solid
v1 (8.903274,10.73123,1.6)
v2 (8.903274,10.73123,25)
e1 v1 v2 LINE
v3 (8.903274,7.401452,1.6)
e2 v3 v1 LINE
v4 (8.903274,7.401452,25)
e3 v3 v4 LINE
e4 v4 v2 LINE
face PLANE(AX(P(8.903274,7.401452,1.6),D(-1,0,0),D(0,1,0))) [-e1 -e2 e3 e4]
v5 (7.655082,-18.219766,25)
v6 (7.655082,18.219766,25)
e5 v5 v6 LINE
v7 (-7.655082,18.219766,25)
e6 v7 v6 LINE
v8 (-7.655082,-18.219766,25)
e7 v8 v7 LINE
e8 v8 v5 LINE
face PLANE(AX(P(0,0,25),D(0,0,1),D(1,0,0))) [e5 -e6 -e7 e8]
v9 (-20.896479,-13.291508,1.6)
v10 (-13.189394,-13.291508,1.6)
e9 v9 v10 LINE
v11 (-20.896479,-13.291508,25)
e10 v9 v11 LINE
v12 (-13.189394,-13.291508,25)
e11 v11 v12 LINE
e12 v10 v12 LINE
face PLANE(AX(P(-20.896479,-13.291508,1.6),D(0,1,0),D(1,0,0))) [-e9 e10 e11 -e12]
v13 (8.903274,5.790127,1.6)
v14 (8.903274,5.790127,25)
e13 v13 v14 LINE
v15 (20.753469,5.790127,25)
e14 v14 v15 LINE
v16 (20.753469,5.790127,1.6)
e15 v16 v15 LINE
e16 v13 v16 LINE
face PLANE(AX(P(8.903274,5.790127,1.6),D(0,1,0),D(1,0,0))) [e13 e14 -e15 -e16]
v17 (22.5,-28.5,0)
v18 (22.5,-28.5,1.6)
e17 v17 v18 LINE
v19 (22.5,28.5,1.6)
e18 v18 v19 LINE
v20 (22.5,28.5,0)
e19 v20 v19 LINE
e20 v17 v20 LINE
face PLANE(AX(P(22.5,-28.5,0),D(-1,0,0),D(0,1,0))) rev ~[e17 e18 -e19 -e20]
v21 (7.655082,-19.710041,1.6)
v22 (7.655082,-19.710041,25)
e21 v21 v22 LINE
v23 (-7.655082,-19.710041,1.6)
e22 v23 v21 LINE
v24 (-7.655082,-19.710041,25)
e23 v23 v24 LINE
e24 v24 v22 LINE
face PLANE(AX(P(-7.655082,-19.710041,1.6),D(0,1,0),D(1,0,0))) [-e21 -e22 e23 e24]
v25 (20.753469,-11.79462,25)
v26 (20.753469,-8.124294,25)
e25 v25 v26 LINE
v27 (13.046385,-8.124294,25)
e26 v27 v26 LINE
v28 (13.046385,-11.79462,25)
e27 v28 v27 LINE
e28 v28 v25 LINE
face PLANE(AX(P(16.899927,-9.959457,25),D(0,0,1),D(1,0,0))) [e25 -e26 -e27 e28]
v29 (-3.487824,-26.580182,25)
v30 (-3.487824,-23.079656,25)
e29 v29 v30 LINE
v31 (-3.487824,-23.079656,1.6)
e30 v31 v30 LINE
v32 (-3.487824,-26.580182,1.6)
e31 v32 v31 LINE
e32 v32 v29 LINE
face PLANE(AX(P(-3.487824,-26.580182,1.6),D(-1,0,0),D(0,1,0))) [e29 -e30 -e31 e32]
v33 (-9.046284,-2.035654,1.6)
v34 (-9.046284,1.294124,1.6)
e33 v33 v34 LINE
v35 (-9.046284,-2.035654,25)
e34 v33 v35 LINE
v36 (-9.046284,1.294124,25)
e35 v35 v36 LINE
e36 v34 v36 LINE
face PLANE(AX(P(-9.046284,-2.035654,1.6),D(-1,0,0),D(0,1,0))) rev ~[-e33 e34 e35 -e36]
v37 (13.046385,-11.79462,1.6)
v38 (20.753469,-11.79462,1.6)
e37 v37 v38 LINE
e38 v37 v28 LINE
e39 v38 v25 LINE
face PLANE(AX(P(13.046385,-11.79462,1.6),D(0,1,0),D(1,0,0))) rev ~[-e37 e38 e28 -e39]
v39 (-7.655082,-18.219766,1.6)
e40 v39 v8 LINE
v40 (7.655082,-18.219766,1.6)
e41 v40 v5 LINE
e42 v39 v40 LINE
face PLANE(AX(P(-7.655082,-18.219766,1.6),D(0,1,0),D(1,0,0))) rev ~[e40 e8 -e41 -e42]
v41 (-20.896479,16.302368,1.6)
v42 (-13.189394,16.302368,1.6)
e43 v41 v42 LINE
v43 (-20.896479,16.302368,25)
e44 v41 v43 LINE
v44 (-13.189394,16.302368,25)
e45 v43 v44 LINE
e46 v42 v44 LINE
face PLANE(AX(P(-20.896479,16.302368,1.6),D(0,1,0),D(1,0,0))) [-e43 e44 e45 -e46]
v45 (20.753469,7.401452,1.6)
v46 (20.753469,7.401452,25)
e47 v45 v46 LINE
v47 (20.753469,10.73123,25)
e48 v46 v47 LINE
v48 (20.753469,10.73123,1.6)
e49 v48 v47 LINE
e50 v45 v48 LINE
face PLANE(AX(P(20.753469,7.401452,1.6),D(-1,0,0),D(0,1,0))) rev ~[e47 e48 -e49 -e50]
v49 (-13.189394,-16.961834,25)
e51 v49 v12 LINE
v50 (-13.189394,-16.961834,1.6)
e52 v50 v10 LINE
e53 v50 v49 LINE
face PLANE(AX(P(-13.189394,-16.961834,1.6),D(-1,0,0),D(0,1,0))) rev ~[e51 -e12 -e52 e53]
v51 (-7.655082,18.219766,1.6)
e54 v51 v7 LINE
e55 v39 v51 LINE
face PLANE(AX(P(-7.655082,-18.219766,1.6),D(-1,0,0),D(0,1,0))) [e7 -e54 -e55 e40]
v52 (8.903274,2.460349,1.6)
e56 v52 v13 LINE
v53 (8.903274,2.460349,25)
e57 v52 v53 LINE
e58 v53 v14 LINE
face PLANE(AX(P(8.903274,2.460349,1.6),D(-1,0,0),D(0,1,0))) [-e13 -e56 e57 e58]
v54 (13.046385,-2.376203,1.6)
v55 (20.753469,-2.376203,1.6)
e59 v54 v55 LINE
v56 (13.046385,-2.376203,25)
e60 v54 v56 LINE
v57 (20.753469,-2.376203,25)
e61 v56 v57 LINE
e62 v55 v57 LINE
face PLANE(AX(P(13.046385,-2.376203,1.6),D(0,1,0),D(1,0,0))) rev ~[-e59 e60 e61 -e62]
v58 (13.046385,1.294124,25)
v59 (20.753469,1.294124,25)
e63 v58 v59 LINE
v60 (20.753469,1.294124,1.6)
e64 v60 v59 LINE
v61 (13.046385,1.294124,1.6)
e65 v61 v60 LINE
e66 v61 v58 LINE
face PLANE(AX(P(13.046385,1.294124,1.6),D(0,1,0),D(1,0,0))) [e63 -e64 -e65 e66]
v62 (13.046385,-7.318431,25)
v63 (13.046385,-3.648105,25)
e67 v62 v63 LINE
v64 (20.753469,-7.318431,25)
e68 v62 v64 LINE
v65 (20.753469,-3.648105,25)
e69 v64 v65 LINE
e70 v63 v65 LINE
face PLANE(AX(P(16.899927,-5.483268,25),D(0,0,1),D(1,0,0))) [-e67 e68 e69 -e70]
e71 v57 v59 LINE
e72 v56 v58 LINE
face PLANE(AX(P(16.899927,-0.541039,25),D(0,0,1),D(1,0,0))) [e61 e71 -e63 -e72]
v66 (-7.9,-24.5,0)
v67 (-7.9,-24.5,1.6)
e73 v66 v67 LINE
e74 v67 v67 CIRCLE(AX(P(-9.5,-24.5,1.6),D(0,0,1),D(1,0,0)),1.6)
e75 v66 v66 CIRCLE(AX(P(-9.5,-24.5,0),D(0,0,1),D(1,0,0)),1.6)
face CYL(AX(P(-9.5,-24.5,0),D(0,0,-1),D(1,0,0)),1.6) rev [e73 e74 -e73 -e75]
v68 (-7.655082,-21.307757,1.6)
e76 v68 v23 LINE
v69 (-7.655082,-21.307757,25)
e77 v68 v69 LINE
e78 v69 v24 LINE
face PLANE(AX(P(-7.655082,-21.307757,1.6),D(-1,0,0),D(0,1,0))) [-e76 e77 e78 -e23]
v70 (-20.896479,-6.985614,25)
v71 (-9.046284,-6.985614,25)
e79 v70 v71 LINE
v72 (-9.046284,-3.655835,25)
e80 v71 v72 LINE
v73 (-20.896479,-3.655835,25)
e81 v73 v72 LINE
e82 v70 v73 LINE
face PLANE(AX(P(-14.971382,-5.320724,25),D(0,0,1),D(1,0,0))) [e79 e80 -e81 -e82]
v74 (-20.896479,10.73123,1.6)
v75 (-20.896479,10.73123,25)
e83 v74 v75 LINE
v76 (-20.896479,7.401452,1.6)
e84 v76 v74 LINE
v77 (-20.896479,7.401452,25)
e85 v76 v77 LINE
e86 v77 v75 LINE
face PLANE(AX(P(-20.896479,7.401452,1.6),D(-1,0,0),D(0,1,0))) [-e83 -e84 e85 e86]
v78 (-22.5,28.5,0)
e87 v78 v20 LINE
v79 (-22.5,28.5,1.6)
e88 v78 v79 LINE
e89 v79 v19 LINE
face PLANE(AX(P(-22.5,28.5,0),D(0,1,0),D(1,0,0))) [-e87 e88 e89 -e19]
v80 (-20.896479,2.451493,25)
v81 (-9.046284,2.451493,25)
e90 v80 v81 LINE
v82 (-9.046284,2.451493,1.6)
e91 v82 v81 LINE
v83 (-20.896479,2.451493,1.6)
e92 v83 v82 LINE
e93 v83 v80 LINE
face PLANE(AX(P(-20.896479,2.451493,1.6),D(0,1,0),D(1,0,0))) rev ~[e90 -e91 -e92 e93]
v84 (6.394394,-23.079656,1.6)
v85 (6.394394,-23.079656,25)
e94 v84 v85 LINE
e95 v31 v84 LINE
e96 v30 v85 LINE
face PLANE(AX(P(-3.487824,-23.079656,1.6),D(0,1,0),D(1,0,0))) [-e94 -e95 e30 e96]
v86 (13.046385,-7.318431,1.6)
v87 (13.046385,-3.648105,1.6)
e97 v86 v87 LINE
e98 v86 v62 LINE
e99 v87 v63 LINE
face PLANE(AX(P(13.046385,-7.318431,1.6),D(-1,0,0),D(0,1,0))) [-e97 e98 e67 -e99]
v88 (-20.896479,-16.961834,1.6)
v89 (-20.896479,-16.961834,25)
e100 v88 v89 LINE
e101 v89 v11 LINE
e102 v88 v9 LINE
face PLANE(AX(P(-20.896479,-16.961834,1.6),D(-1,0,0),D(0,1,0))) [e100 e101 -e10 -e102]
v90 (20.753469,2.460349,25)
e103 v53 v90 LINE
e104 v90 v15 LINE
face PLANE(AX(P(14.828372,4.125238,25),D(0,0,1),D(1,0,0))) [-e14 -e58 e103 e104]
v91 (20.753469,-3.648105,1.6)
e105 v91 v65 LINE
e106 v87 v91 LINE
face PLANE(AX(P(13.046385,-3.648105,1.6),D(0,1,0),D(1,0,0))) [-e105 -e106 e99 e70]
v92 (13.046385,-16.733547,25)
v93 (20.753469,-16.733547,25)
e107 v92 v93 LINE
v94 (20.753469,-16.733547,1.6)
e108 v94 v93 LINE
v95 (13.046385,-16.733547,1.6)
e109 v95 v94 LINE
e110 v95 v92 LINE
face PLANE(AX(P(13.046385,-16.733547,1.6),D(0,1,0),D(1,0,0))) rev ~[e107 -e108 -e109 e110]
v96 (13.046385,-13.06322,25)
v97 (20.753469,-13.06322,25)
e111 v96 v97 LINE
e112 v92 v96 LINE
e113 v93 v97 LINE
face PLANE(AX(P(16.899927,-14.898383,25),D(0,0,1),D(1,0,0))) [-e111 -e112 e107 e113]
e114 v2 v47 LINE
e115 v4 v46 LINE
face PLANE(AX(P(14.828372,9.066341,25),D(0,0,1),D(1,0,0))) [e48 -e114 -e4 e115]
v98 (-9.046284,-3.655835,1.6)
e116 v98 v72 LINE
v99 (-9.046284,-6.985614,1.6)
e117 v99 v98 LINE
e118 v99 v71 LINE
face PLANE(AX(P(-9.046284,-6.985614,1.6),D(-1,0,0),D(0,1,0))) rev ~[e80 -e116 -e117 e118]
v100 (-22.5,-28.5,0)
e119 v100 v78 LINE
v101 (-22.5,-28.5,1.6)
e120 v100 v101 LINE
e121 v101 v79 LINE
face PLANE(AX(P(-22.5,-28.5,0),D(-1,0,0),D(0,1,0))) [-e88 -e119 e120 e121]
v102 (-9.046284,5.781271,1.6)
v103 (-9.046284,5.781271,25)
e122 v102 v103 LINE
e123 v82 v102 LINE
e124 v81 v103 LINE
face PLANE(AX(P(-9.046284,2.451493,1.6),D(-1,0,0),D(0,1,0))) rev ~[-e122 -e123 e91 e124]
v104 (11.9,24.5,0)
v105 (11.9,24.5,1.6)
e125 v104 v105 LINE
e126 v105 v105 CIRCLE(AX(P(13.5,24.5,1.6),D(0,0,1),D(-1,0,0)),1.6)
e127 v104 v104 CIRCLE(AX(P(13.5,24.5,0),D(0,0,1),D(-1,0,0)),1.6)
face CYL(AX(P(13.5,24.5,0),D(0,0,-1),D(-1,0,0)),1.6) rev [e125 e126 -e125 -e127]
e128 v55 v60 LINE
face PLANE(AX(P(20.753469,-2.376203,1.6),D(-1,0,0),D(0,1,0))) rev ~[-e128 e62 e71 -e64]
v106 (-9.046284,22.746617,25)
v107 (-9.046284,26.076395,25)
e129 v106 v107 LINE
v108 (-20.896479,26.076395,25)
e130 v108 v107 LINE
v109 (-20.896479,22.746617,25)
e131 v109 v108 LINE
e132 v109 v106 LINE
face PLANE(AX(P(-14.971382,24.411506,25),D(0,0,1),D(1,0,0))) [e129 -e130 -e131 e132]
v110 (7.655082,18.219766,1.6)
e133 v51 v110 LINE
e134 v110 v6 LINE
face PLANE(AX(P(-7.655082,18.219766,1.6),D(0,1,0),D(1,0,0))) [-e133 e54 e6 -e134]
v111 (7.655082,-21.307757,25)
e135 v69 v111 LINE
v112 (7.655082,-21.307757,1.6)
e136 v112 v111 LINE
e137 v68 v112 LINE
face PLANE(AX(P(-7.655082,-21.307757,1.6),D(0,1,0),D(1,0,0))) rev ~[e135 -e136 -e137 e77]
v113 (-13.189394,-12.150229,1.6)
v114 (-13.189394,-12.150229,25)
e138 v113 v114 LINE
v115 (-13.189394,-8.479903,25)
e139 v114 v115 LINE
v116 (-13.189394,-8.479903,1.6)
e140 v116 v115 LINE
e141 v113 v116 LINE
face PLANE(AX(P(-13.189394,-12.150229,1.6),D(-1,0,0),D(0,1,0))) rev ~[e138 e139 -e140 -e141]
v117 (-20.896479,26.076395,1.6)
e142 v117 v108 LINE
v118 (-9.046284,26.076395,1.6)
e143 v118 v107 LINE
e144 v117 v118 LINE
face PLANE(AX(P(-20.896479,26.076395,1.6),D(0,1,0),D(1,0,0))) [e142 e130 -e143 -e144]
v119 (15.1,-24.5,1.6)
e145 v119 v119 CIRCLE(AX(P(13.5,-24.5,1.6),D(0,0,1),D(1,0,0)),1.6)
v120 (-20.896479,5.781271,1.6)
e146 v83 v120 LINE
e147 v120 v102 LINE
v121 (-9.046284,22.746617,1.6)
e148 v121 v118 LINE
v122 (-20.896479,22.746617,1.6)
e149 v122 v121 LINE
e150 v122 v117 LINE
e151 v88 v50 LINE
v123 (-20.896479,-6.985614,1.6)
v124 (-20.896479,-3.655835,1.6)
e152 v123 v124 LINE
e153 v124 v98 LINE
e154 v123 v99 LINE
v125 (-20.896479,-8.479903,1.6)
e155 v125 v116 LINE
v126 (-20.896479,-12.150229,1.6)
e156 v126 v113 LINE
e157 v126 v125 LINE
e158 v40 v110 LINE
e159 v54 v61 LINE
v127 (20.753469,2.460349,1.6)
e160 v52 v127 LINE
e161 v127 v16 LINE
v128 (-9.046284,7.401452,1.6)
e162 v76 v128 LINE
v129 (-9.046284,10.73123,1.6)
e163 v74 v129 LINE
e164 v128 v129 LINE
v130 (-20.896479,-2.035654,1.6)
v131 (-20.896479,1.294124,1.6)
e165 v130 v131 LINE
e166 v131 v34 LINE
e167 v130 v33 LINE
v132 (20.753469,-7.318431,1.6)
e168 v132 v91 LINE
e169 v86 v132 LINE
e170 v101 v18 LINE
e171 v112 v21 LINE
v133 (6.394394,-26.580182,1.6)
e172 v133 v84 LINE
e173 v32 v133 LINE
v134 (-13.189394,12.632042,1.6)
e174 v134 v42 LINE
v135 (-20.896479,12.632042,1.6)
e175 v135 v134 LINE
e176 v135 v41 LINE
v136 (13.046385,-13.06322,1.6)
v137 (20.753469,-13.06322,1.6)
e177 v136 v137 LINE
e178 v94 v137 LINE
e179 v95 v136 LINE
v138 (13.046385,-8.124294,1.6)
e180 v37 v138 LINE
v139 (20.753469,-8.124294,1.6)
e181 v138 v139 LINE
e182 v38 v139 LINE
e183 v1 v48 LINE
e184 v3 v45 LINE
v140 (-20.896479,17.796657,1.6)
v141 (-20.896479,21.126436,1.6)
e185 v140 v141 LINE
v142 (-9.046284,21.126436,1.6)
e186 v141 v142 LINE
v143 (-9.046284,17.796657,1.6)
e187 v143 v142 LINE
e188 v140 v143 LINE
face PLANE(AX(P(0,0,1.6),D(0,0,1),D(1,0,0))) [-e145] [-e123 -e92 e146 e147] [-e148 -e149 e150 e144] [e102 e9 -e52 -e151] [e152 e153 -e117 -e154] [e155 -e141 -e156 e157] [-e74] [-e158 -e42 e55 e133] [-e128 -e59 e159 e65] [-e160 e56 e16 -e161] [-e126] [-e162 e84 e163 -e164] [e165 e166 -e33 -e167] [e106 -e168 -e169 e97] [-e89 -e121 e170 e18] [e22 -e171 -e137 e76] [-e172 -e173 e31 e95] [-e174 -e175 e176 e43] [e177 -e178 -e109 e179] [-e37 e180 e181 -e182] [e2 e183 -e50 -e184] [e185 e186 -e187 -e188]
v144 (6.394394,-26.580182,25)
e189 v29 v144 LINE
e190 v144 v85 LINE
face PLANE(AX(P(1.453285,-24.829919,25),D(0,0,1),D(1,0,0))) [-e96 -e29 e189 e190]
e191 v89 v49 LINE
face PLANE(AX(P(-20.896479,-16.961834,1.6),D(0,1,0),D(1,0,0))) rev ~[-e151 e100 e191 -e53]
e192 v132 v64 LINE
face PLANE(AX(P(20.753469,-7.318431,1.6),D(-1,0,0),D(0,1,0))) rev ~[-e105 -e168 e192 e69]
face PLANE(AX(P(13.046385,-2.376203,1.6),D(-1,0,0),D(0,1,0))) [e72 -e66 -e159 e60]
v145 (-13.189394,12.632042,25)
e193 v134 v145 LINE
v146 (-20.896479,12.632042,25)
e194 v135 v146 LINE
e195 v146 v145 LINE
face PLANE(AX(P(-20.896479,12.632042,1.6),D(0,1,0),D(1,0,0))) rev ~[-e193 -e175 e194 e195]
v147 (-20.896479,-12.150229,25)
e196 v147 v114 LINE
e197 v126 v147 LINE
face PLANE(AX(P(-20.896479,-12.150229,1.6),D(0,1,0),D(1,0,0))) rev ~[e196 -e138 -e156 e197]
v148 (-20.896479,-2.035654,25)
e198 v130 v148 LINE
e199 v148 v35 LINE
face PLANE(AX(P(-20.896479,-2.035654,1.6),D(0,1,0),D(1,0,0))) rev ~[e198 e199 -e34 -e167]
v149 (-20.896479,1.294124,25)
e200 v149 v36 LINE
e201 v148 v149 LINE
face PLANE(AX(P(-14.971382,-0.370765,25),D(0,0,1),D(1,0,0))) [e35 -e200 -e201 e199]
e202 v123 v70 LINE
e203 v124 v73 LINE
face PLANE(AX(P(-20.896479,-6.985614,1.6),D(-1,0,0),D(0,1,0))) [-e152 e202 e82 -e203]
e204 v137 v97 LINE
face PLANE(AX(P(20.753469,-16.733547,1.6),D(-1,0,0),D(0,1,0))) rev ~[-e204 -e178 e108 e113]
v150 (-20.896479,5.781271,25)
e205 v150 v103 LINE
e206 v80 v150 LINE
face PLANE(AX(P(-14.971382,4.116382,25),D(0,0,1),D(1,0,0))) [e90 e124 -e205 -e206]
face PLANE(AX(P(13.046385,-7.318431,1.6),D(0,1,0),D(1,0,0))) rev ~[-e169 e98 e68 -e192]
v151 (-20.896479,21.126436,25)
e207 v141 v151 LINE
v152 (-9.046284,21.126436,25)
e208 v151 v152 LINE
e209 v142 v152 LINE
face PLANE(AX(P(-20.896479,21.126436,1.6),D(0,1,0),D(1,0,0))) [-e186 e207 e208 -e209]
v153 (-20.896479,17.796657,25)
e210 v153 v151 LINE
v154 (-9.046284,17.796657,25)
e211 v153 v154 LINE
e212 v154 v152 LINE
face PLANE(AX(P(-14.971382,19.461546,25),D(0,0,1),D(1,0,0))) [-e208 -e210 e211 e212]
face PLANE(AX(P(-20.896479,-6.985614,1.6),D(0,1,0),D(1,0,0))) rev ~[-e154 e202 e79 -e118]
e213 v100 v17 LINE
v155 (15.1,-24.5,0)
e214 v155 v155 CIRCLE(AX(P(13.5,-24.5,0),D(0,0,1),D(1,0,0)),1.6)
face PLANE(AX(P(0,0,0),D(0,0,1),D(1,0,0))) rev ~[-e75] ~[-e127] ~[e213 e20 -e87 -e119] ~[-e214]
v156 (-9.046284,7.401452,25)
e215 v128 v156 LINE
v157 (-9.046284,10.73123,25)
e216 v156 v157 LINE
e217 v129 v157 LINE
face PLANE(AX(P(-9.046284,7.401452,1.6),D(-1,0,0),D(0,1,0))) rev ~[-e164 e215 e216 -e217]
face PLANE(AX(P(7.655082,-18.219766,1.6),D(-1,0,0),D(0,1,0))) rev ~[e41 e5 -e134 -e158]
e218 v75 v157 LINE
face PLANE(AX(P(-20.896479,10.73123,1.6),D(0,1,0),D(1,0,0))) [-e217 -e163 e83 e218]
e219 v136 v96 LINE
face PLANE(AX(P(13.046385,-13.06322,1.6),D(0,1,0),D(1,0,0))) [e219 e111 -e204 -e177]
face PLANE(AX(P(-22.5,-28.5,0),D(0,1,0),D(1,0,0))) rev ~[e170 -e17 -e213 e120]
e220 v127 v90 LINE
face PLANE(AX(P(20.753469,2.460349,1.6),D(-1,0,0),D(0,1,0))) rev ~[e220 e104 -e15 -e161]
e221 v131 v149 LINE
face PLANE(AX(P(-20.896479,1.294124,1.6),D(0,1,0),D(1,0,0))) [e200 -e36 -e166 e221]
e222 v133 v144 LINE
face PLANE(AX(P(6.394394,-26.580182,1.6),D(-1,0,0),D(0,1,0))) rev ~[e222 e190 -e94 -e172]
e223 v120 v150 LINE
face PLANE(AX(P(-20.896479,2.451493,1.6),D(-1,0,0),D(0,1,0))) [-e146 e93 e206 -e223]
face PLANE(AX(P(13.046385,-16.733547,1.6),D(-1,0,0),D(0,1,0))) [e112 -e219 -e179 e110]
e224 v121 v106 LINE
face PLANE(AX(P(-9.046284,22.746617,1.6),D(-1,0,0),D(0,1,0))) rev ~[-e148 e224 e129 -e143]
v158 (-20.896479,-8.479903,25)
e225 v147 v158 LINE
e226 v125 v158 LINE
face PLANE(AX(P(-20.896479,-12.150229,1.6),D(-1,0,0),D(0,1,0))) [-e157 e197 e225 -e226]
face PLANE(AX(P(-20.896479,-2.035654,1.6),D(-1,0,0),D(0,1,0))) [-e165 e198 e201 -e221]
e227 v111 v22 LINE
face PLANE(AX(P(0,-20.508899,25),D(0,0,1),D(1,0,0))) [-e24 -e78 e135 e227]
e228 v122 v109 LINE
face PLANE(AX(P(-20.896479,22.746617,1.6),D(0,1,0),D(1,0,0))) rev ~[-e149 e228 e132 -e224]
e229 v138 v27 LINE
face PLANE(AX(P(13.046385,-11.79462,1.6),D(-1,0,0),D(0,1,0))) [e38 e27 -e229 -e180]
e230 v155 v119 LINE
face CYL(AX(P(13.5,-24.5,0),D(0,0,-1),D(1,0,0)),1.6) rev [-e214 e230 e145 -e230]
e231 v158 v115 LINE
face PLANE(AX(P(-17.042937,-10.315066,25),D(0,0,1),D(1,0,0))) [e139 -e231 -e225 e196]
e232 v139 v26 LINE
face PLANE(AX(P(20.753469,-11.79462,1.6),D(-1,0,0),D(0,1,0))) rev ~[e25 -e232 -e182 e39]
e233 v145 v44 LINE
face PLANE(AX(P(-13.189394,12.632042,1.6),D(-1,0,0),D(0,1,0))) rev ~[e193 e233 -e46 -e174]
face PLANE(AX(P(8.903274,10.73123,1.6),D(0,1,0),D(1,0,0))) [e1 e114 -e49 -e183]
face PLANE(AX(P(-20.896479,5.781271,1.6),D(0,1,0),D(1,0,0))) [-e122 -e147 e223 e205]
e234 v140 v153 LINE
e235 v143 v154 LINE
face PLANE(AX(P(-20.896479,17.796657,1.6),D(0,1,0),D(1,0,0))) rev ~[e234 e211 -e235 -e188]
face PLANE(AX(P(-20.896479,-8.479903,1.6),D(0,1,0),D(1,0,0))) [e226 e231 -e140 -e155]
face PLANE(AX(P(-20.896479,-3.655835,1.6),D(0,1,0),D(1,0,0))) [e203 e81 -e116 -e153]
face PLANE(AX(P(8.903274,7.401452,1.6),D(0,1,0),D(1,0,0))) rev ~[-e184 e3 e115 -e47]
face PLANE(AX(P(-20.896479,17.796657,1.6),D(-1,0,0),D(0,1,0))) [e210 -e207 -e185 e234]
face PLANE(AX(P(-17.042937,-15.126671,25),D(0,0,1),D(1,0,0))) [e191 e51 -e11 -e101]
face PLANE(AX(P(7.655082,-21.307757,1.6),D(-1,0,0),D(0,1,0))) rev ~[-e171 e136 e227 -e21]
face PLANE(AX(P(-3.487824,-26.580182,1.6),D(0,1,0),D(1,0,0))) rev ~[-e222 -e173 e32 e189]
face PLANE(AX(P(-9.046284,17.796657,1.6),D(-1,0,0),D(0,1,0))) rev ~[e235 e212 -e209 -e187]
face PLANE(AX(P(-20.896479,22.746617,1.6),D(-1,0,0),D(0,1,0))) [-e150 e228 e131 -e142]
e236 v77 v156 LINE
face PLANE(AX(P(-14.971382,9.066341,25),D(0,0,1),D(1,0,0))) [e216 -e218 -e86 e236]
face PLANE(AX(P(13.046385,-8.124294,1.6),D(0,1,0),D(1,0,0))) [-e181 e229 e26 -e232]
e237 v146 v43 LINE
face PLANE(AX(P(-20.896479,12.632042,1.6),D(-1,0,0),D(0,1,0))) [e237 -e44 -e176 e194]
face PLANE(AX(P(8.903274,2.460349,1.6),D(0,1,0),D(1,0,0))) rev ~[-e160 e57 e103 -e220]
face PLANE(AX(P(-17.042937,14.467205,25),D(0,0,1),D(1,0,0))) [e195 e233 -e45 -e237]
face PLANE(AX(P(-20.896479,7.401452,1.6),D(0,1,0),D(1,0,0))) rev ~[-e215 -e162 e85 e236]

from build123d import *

# Parameters (mm, degrees)
ESQUISSE1_W        = 45
ESQUISSE1_H        = 57
ESQUISSE1_R        = 1.6
BOSS_EXTRU_1_DEPTH = 1.6
ESQUISSE2_W        = 11.850194894
ESQUISSE2_H        = 3.329778143
ESQUISSE2_W_2      = 15.310163146
ESQUISSE2_H_2      = 36.439531762
ESQUISSE2_H_3      = 1.59771523
ESQUISSE2_W_3      = 9.88221832
ESQUISSE2_H_4      = 3.500525205
ESQUISSE2_W_4      = 7.70708484
ESQUISSE2_H_5      = 3.6703264
ESQUISSE2_H_6      = 3.670326401
ESQUISSE2_W_5      = 11.850194895
BOSS_EXTRU_2_DEPTH = 23.4


with BuildPart() as part:
    # Esquisse1 → Boss.-Extru.1 (new body)
    with BuildSketch(Plane.XY):
        Rectangle(ESQUISSE1_W, ESQUISSE1_H)
        with Locations(Location((13.5, 24.5, 0), (0, 0, 180))):
            Circle(ESQUISSE1_R, mode=Mode.SUBTRACT)
        with Locations((13.5, -24.5)):
            Circle(ESQUISSE1_R, mode=Mode.SUBTRACT)
        with Locations((-9.5, -24.5)):
            Circle(ESQUISSE1_R, mode=Mode.SUBTRACT)
    extrude(amount=BOSS_EXTRU_1_DEPTH)

    # Esquisse2 → Boss.-Extru.2 (add)
    with BuildSketch(Plane.XY.offset(1.6)):
        with Locations((14.82837193, 4.125238088)):
            Rectangle(ESQUISSE2_W, ESQUISSE2_H)
        Rectangle(ESQUISSE2_W_2, ESQUISSE2_H_2)
        with Locations((0, -20.508898976)):
            Rectangle(ESQUISSE2_W_2, ESQUISSE2_H_3)
        with Locations((14.82837193, 9.066341161)):
            Rectangle(ESQUISSE2_W, ESQUISSE2_H)
        with Locations((1.45328533, -24.82991901)):
            Rectangle(ESQUISSE2_W_3, ESQUISSE2_H_4)
        with Locations((16.899926957, -0.541039394)):
            Rectangle(ESQUISSE2_W_4, ESQUISSE2_H_5)
        with Locations((16.899926957, -5.483268114)):
            Rectangle(ESQUISSE2_W_4, ESQUISSE2_H_5)
        with Locations((16.899926957, -9.959457009)):
            Rectangle(ESQUISSE2_W_4, ESQUISSE2_H_5)
        with Locations((16.899926957, -14.89838332)):
            Rectangle(ESQUISSE2_W_4, ESQUISSE2_H_6)
        with Locations((-14.971381513, 24.411505641)):
            Rectangle(ESQUISSE2_W_5, ESQUISSE2_H)
        with Locations((-17.042936541, 14.467204765)):
            Rectangle(ESQUISSE2_W_4, ESQUISSE2_H_5)
        with Locations((-14.971381513, 19.461546453)):
            Rectangle(ESQUISSE2_W_5, ESQUISSE2_H)
        with Locations((-14.971381513, 9.066341161)):
            Rectangle(ESQUISSE2_W_5, ESQUISSE2_H)
        with Locations((-14.971381513, 4.116381974)):
            Rectangle(ESQUISSE2_W_5, ESQUISSE2_H)
        with Locations((-14.971381513, -0.370765265)):
            Rectangle(ESQUISSE2_W_5, ESQUISSE2_H)
        with Locations((-14.971381513, -5.320724453)):
            Rectangle(ESQUISSE2_W_5, ESQUISSE2_H)
        with Locations((-17.042936541, -10.31506614)):
            Rectangle(ESQUISSE2_W_4, ESQUISSE2_H_5)
        with Locations((-17.042936541, -15.126670853)):
            Rectangle(ESQUISSE2_W_4, ESQUISSE2_H_5)
    extrude(amount=BOSS_EXTRU_2_DEPTH)


solid = part.part
